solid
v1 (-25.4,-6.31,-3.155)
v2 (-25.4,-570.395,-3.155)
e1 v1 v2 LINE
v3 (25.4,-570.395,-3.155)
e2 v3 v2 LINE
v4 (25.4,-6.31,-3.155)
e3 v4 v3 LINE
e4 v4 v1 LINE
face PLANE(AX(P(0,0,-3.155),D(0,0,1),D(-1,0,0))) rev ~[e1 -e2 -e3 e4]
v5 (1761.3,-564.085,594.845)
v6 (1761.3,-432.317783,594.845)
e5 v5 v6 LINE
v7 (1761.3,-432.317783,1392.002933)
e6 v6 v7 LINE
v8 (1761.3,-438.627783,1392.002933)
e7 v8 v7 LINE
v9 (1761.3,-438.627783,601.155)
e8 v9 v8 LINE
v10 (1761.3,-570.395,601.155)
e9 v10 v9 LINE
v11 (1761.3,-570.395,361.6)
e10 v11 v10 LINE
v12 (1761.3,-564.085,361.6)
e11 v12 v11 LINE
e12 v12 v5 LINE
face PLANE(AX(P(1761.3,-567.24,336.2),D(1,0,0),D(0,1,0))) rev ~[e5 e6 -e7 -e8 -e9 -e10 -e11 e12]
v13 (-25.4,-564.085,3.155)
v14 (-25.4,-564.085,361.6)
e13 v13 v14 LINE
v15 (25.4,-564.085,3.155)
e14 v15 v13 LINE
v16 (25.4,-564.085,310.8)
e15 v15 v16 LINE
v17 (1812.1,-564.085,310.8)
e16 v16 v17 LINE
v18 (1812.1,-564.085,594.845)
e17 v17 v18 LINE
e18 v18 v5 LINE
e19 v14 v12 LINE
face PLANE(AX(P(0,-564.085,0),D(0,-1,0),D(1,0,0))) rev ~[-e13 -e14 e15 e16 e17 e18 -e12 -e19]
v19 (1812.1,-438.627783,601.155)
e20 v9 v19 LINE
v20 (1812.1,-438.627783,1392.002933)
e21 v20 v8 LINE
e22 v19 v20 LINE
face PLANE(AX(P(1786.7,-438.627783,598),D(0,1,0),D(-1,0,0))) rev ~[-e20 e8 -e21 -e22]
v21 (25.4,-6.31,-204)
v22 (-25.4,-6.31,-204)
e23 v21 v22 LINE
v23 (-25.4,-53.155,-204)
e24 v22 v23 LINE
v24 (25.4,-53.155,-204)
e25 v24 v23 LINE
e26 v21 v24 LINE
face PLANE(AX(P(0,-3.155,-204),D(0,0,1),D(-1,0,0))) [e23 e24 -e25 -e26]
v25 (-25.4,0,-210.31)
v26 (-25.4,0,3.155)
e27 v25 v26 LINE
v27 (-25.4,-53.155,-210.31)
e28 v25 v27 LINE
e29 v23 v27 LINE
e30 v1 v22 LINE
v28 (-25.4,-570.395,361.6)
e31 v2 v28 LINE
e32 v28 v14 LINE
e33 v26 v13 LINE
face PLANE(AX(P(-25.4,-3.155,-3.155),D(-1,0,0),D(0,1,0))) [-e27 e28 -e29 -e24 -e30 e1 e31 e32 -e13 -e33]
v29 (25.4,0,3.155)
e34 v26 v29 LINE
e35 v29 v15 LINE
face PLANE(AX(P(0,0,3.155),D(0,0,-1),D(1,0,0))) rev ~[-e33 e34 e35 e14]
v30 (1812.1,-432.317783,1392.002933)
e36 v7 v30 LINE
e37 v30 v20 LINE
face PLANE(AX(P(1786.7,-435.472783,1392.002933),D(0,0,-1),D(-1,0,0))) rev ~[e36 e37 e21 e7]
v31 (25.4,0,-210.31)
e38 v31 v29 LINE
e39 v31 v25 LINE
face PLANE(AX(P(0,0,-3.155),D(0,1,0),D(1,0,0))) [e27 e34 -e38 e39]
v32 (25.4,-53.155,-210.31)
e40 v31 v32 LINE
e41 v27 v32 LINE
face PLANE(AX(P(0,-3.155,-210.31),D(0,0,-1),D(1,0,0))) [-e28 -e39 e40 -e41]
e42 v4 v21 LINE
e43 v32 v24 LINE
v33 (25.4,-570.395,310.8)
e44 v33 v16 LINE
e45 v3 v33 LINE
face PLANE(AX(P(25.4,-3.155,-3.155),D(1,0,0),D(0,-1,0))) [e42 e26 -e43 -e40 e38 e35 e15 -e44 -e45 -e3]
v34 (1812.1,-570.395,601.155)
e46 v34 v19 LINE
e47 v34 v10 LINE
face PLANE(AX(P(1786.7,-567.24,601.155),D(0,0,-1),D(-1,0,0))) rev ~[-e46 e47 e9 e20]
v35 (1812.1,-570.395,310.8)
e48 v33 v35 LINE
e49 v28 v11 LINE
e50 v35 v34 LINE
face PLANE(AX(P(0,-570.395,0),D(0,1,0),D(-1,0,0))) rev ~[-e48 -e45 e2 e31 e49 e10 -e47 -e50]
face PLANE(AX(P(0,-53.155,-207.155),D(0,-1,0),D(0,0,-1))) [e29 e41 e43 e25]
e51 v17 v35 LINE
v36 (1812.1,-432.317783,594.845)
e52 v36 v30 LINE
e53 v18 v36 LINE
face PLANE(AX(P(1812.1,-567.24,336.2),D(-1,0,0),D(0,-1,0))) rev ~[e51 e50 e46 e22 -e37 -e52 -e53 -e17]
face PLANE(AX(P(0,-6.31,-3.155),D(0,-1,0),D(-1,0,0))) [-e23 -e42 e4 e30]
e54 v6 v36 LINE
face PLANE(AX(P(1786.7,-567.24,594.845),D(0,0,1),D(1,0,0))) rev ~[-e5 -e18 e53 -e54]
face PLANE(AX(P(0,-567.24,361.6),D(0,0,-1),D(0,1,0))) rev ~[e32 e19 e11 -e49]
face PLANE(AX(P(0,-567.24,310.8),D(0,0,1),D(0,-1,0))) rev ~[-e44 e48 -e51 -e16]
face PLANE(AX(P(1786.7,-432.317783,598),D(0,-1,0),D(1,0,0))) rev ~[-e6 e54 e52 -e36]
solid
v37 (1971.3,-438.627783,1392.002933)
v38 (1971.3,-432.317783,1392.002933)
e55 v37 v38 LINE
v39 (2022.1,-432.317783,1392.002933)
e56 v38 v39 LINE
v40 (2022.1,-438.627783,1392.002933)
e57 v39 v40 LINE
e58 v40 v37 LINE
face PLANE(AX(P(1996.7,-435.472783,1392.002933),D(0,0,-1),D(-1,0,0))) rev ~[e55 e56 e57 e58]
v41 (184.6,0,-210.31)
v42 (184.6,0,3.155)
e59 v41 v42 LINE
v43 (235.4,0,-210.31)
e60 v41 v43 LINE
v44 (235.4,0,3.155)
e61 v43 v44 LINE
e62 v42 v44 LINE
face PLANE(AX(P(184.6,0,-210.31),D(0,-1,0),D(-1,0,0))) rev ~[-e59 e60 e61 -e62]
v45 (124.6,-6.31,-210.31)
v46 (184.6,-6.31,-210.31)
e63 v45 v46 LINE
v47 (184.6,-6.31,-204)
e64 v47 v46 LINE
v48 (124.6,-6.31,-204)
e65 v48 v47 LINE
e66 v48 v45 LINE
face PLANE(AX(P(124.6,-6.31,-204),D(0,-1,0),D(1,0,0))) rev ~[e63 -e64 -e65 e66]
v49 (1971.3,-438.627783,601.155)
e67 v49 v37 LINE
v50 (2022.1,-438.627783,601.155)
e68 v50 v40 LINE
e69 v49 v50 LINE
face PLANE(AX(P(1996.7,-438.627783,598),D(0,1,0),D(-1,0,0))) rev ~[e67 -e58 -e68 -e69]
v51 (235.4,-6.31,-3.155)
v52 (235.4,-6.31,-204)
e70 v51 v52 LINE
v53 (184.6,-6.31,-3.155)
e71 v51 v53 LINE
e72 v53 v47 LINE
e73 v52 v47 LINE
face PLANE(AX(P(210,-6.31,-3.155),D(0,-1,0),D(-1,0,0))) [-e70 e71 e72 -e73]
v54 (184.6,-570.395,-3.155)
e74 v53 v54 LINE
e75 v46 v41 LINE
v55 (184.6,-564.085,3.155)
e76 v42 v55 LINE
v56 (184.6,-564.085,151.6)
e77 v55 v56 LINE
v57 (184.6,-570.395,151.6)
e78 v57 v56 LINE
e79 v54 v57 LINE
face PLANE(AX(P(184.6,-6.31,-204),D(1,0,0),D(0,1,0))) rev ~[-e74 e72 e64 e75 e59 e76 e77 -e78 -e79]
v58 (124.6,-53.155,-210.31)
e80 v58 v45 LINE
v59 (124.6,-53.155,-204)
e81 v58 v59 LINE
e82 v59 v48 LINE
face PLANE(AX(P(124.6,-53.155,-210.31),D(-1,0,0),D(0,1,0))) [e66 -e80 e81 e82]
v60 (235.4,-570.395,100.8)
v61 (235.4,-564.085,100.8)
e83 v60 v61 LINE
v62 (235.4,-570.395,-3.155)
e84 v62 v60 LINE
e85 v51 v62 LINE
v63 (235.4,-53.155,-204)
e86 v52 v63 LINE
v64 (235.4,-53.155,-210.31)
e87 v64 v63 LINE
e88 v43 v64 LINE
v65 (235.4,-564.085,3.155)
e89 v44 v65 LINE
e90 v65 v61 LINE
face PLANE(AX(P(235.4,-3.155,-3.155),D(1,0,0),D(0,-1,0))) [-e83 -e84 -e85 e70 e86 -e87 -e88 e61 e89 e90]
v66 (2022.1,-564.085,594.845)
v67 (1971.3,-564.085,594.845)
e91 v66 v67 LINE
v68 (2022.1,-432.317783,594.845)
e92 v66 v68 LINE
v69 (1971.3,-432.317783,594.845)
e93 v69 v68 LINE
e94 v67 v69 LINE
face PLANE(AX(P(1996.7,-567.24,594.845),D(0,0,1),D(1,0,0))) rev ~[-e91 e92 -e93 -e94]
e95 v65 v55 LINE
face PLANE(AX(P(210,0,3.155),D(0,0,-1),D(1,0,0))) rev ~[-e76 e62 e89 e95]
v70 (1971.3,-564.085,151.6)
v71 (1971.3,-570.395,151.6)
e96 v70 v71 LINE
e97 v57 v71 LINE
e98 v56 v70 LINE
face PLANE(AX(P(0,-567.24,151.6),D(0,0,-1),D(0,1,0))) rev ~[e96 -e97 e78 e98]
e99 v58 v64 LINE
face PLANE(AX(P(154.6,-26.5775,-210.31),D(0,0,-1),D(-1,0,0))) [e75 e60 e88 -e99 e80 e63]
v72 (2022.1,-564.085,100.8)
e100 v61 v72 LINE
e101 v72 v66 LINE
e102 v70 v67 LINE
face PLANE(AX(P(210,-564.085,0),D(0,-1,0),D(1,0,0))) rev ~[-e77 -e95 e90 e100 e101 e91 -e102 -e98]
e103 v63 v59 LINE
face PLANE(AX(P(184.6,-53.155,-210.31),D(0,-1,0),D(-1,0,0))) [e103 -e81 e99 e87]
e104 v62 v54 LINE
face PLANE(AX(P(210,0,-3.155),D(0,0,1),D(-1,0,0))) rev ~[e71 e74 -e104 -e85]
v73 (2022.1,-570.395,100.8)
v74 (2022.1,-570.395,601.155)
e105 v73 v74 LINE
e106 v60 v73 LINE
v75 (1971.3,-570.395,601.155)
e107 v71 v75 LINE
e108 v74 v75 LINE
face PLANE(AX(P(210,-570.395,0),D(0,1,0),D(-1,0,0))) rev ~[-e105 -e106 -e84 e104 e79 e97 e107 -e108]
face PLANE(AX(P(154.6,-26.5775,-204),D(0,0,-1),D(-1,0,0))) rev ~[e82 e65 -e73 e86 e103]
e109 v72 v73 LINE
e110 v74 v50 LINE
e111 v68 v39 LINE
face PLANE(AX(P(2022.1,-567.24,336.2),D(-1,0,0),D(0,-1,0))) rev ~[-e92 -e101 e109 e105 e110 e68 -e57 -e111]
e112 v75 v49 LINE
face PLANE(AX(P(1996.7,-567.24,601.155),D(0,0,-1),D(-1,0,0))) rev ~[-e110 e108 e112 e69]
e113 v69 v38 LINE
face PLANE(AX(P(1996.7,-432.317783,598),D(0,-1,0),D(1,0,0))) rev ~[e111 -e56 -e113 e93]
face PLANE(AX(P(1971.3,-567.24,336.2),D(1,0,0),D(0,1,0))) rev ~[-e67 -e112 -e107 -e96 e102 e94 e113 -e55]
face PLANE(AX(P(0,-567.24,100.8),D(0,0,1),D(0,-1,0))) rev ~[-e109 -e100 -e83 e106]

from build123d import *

# Parameters (mm, degrees)
CROQUIS2_W              = 50.8
CROQUIS2_H              = 6.31
CROQUIS3_W              = 50.8
CROQUIS3_H              = 6.31
CROQUIS4_W              = 60
CROQUIS4_H              = 53.155
SALIENTE_EXTRUIR1_DEPTH = 6.31
CROQUIS5_W              = 60
CROQUIS5_H              = 6.31
CORTAR_EXTRUIR1_DEPTH   = 6.31


with BuildPart() as part:
    # Barrer1: sweep along a curve in space
    with BuildLine() as barrer1_path:
        Line((0, 0, 0), (0, -567.24, 0))
        Line((0, -567.24, 0), (0, -567.24, 336.2))
        Line((0, -567.24, 336.2), (1786.7, -567.24, 336.2))
        Line((1786.7, -567.24, 336.2), (1786.7, -567.24, 598))
        Line((1786.7, -567.24, 598), (1786.7, -435.47278313, 598))
        Line((1786.7, -435.47278313, 598), (1786.7, -435.47278313, 1392.002933))
    # Croquis2 → Barrer1 (sweep)
    with BuildSketch(Plane(origin=(0, 0, 0), x_dir=(1, 0, 0), z_dir=(0, 1, 0))):
        Rectangle(CROQUIS2_W, CROQUIS2_H)
        with Locations((210, 0)):
            Rectangle(CROQUIS2_W, CROQUIS2_H)
    sweep(path=barrer1_path.line, transition=Transition.RIGHT)

    # Barrer4: sweep along a curve in space
    with BuildLine() as barrer4_path:
        Line((-0.201028049, -3.155, -3.155), (-0.201028049, -3.155, -207.155))
        Line((-0.201028049, -3.155, -207.155), (-0.201028049, -53.155, -207.155))
    # Croquis3 → Barrer4 (sweep)
    with BuildSketch(Plane(origin=(0, 0, -3.155), x_dir=(-1, 0, 0), z_dir=(0, 0, -1))):
        with Locations((-210, -3.155)):
            Rectangle(CROQUIS3_W, CROQUIS3_H)
        with Locations((0, -3.155)):
            Rectangle(CROQUIS3_W, CROQUIS3_H)
    sweep(path=barrer4_path.line, transition=Transition.RIGHT)

    # Croquis4 → Saliente-Extruir1 (add)
    with BuildSketch(Plane(origin=(0, 0, -210.31), x_dir=(-1, 0, 0), z_dir=(0, 0, -1))):
        with Locations((-154.6, -26.5775)):
            Rectangle(CROQUIS4_W, CROQUIS4_H)
    extrude(amount=-SALIENTE_EXTRUIR1_DEPTH)

    # Croquis5 → Cortar-Extruir1 (cut)
    with BuildSketch(Plane.XY.offset(-204)):
        with Locations((154.6, -3.155)):
            Rectangle(CROQUIS5_W, CROQUIS5_H)
    extrude(amount=-CORTAR_EXTRUIR1_DEPTH, mode=Mode.SUBTRACT)


solid = part.part
